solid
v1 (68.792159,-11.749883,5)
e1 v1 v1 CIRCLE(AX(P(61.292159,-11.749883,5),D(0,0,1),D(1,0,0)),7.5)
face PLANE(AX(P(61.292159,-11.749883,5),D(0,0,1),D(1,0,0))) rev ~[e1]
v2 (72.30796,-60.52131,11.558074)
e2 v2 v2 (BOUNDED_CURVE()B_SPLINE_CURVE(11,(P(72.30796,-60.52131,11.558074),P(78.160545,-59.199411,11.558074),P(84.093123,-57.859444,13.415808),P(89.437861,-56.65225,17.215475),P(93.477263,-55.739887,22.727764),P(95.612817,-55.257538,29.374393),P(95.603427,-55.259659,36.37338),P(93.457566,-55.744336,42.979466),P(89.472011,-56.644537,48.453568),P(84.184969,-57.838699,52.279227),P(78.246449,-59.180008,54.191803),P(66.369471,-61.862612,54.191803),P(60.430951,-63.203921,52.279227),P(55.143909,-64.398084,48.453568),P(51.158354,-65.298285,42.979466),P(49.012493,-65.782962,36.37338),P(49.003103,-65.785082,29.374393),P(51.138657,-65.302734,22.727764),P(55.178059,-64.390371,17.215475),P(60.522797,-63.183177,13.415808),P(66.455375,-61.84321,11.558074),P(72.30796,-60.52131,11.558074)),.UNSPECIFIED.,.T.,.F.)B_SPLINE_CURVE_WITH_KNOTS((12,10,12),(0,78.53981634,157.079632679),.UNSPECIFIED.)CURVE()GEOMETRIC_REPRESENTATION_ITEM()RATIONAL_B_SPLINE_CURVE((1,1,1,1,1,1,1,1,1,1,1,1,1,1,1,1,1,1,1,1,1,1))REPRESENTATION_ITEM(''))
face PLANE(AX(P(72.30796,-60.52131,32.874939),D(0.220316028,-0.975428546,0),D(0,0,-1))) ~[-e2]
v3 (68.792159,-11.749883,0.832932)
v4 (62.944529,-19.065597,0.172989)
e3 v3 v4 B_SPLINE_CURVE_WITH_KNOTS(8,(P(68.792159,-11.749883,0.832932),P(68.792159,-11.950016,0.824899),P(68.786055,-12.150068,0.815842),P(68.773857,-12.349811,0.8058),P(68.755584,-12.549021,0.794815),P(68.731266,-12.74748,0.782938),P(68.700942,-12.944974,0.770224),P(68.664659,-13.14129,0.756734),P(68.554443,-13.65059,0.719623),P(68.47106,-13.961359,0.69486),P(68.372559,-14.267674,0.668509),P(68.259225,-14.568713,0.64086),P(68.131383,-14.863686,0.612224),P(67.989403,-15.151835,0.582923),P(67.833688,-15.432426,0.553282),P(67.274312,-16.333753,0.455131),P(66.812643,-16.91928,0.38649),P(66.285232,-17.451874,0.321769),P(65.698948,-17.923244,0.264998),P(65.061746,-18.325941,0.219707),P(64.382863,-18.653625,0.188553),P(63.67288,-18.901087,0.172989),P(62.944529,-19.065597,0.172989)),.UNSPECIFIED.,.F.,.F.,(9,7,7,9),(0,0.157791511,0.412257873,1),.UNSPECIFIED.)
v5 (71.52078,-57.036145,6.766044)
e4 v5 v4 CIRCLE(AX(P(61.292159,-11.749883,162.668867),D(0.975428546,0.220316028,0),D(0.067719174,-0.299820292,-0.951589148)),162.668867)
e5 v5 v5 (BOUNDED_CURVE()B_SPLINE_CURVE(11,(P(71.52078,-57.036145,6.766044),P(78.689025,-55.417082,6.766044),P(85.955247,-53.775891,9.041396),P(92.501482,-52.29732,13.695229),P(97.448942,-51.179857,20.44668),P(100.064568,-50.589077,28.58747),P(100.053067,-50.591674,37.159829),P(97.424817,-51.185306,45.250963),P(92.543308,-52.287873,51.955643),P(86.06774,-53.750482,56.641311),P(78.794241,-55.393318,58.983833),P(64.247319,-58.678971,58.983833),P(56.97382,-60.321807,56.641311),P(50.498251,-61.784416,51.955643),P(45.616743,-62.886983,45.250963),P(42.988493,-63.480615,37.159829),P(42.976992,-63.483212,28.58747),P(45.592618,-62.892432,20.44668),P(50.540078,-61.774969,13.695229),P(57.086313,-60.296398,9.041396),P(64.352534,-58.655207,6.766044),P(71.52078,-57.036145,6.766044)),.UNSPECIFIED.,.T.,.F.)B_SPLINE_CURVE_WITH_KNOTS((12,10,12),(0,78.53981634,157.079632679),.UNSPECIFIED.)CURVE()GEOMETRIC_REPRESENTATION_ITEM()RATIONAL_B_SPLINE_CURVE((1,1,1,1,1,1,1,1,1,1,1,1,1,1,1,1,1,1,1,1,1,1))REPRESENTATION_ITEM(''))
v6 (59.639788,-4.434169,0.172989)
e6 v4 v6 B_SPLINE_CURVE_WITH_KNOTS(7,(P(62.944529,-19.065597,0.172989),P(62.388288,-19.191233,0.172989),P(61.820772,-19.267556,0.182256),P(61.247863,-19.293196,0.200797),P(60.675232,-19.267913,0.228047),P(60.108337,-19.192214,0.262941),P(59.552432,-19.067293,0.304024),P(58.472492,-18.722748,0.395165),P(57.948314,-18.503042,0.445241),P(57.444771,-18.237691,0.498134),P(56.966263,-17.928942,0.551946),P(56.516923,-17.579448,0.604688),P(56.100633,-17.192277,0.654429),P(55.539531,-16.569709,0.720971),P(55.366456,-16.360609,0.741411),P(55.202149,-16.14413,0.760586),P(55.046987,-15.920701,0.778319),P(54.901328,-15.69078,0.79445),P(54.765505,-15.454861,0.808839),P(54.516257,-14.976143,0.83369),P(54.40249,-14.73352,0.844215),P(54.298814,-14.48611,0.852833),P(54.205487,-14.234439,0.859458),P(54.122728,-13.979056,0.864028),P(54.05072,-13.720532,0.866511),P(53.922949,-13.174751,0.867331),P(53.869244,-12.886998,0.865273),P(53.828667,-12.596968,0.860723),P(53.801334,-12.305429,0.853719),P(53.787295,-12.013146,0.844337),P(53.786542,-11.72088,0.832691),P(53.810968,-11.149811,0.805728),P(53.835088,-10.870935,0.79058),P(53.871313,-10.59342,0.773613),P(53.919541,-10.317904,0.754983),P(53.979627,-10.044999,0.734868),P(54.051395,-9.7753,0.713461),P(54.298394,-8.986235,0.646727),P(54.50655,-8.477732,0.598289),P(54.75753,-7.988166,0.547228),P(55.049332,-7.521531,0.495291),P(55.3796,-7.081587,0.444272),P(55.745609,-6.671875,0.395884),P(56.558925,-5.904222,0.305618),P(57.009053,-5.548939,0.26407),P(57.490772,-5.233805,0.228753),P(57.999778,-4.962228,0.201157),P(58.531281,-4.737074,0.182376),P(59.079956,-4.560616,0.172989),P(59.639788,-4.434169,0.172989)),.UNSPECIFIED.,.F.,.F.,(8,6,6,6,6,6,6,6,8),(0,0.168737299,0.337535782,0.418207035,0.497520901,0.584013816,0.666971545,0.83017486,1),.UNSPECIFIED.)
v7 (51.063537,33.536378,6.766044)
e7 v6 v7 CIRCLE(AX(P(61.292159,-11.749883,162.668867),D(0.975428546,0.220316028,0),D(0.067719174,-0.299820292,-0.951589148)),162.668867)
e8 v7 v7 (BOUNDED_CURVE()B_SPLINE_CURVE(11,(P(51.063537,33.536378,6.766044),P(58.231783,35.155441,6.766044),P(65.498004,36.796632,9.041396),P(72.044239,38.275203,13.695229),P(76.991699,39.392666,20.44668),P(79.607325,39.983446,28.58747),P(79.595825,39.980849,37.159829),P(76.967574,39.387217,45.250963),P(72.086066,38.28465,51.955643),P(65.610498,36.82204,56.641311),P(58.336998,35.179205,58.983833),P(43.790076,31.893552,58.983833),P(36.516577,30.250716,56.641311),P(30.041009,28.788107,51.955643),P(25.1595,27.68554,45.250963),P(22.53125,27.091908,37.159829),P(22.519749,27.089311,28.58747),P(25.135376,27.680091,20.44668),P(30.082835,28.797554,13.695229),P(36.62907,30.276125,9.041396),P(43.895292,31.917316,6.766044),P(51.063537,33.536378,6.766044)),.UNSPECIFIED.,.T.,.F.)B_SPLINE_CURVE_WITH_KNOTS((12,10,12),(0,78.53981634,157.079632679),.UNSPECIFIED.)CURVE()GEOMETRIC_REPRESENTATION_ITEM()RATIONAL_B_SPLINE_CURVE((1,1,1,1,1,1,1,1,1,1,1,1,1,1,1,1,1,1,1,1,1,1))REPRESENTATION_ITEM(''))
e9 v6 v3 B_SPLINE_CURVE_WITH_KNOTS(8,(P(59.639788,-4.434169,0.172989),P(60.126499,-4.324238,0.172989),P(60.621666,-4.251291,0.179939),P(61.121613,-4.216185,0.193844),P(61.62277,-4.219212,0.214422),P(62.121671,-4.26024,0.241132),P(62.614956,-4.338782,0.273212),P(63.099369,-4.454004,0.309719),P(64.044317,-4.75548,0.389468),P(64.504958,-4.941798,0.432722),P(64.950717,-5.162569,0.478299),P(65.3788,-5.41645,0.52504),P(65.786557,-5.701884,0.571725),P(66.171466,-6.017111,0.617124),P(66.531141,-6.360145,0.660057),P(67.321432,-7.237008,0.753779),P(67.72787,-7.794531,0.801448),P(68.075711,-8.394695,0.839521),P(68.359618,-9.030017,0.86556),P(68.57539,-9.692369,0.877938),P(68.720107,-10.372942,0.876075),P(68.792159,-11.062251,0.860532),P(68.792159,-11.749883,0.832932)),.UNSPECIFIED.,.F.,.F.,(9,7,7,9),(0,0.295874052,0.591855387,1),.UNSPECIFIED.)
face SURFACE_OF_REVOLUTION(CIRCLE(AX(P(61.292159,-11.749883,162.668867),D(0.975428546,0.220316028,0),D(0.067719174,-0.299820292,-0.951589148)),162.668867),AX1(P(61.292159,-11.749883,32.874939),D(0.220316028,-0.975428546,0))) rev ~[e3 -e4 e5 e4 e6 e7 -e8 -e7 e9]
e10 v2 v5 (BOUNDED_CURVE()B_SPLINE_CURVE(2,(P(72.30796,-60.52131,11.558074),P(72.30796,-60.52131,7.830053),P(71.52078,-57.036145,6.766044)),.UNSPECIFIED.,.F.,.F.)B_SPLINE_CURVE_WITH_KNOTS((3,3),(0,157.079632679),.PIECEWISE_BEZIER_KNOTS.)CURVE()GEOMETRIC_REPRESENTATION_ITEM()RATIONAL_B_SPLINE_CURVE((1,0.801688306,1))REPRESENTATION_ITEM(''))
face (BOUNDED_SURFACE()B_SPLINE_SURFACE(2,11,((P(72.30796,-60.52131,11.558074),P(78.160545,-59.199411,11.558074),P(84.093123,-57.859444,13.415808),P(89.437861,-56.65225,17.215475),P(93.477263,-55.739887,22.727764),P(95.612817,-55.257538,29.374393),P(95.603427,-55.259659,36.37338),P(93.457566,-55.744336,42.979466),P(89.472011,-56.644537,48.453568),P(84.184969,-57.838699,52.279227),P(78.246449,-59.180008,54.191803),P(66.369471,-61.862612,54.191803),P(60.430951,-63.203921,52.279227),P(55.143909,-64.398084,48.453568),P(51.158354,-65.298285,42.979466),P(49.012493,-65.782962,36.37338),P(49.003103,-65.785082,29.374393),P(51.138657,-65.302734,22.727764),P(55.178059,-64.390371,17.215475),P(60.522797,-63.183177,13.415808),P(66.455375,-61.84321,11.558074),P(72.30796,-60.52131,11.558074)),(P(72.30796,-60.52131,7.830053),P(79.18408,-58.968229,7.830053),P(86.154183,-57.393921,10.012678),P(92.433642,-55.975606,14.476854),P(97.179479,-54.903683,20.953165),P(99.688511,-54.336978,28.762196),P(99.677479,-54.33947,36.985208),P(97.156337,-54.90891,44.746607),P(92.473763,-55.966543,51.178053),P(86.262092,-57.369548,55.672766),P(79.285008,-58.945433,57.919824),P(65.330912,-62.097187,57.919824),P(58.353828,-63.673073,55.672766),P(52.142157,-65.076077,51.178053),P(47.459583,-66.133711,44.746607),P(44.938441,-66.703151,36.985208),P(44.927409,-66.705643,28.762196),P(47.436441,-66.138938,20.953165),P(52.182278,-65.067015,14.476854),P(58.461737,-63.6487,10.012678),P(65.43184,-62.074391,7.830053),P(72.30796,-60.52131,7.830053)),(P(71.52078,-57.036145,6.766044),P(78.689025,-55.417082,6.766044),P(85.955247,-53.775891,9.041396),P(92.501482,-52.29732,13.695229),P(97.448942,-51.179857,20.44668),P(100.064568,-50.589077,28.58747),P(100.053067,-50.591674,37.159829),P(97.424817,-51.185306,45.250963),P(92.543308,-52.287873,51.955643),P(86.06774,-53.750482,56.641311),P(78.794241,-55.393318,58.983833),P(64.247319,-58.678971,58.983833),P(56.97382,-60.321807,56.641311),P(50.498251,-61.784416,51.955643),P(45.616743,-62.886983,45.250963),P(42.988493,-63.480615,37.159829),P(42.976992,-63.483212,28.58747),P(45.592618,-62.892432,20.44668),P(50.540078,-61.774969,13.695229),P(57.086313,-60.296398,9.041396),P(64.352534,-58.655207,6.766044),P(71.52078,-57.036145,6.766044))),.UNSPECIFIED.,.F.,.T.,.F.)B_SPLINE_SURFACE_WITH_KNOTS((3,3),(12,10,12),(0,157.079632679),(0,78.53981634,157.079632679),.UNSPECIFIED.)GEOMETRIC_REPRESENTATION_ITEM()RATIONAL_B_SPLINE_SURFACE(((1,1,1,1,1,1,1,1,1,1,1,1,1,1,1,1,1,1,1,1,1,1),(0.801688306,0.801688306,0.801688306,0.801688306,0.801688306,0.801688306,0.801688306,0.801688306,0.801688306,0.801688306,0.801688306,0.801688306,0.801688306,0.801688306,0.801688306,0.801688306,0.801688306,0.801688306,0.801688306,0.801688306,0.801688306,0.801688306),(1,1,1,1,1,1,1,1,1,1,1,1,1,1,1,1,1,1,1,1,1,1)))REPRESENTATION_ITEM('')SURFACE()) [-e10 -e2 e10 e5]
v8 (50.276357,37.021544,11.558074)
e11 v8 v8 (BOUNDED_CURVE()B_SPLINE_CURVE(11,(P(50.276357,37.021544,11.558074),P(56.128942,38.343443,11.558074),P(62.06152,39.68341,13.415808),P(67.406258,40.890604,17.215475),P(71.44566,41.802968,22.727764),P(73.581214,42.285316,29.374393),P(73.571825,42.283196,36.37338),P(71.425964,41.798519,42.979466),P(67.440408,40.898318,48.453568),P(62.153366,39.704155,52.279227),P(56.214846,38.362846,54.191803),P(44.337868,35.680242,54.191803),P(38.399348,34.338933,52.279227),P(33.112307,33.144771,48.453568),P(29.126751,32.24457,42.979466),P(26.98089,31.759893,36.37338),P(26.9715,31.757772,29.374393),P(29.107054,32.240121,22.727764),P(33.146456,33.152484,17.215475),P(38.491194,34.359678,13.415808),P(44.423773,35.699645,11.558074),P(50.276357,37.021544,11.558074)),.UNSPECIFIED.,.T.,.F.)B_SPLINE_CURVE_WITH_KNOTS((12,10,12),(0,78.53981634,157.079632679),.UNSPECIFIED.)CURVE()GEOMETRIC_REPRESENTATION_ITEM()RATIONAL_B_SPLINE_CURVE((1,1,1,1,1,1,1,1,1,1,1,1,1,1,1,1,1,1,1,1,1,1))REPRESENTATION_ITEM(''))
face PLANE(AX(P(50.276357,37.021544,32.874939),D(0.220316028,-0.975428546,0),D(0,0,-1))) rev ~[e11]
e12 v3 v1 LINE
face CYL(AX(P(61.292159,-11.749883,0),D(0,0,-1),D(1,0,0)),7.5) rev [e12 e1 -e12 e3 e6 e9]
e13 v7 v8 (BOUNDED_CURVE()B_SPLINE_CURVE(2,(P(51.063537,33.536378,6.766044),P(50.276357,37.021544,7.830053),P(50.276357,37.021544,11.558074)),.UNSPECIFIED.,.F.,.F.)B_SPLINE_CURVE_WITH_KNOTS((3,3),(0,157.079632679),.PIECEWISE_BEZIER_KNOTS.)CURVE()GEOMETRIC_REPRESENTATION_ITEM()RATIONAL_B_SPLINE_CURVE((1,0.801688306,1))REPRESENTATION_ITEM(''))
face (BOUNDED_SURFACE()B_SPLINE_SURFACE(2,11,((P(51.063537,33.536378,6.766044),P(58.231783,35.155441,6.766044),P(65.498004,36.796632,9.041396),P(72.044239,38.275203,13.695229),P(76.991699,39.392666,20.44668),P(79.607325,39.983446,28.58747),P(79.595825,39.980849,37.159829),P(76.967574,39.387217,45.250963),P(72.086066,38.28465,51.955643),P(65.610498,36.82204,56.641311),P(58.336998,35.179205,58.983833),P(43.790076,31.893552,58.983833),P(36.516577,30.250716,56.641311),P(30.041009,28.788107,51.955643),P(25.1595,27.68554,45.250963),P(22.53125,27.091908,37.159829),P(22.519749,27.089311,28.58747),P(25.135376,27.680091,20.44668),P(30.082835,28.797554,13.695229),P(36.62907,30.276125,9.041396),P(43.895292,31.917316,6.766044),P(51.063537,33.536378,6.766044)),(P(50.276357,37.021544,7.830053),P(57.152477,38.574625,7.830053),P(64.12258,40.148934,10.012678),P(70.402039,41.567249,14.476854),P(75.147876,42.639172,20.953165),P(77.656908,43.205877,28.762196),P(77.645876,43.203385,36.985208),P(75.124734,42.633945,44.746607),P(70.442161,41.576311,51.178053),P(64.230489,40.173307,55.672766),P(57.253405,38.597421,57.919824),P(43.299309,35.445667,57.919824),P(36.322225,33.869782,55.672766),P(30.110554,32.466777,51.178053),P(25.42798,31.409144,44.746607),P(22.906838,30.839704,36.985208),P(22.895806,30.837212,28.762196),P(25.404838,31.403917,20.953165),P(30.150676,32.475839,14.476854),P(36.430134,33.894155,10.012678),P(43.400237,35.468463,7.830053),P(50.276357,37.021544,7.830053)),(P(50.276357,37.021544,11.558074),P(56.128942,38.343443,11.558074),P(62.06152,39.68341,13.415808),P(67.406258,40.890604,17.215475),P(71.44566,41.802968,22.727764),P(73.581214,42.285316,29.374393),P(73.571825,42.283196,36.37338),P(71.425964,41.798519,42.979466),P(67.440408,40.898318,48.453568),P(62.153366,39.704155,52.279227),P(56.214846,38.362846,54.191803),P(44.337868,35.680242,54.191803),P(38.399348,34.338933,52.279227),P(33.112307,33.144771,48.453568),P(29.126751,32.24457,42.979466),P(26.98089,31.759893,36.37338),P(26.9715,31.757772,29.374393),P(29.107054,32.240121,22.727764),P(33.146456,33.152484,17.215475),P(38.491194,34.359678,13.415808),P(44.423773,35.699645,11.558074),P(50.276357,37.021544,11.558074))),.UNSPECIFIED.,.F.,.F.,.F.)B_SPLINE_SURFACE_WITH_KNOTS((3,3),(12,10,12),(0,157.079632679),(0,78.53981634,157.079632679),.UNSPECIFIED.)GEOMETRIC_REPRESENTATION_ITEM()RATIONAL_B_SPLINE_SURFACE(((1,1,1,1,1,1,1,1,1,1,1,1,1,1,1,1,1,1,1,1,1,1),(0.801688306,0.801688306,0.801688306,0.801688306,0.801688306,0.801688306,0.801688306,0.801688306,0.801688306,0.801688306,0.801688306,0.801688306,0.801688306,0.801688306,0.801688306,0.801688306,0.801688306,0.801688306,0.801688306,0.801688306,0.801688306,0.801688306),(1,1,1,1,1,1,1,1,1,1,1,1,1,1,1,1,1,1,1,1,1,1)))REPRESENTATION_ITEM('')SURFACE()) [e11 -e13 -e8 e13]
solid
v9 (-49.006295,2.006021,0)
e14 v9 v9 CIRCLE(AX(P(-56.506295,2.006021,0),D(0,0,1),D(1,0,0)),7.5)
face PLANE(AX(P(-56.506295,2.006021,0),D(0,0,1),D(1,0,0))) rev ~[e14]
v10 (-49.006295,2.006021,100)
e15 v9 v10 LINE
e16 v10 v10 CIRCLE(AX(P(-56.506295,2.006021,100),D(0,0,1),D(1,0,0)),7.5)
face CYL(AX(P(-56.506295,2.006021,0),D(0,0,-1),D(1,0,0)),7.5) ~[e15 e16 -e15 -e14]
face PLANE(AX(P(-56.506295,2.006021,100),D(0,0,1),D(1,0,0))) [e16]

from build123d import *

# Parameters (mm, degrees)
F0_R     = 7.5
F1_DEPTH = 100
F2_R     = 7.5
F6_DEPTH = 5
F7_R     = 5


with BuildPart() as f1:
    # F0 (on Top) → F1 (new body)
    with BuildSketch(Plane.XY):
        with Locations((-56.5062947127, 2.0060208651)):
            Circle(F0_R)
    extrude(amount=F1_DEPTH)


with BuildPart() as f5:
    # F4 (on line) → F5 (revolve)
    with BuildSketch(Plane(origin=(55.7920094518, 12.6015113593, 0), x_dir=(-0.2203160277, 0.9754285458, 0), z_dir=(0.9754285458, 0.2203160277, 0))):
        with BuildLine():
            Line((-74.9648162349, 32.8749385259), (-74.9648162349, 7.8749385259))
            ThreePointArc((-74.9648162349, 7.8749385259), (-24.9648162349, 0), (25.0351837651, 7.8749385259))
            Line((25.0351837651, 7.8749385259), (25.0351837651, 32.8749385259))
            Line((25.0351837651, 32.8749385259), (-74.9648162349, 32.8749385259))
        make_face()
    revolve(axis=Axis((61.292158597, -11.7498830366, 32.8749385259), (0.2203160277, -0.9754285458, 0)))

    # F2 (on Top) → F6 (cut)
    with BuildSketch(Plane.XY):
        with Locations((61.292158597, -11.7498830366)):
            Circle(F2_R)
    extrude(amount=F6_DEPTH, mode=Mode.SUBTRACT)

    # F7
    f7_edges = [f5.edges().sort_by_distance(p)[0] for p in [
        (72.30796, -60.52131, 57.874939),
        (50.276357, 37.021544, 57.874939),
    ]]
    fillet(f7_edges, radius=F7_R)


solid = Compound([f1.part, f5.part])
